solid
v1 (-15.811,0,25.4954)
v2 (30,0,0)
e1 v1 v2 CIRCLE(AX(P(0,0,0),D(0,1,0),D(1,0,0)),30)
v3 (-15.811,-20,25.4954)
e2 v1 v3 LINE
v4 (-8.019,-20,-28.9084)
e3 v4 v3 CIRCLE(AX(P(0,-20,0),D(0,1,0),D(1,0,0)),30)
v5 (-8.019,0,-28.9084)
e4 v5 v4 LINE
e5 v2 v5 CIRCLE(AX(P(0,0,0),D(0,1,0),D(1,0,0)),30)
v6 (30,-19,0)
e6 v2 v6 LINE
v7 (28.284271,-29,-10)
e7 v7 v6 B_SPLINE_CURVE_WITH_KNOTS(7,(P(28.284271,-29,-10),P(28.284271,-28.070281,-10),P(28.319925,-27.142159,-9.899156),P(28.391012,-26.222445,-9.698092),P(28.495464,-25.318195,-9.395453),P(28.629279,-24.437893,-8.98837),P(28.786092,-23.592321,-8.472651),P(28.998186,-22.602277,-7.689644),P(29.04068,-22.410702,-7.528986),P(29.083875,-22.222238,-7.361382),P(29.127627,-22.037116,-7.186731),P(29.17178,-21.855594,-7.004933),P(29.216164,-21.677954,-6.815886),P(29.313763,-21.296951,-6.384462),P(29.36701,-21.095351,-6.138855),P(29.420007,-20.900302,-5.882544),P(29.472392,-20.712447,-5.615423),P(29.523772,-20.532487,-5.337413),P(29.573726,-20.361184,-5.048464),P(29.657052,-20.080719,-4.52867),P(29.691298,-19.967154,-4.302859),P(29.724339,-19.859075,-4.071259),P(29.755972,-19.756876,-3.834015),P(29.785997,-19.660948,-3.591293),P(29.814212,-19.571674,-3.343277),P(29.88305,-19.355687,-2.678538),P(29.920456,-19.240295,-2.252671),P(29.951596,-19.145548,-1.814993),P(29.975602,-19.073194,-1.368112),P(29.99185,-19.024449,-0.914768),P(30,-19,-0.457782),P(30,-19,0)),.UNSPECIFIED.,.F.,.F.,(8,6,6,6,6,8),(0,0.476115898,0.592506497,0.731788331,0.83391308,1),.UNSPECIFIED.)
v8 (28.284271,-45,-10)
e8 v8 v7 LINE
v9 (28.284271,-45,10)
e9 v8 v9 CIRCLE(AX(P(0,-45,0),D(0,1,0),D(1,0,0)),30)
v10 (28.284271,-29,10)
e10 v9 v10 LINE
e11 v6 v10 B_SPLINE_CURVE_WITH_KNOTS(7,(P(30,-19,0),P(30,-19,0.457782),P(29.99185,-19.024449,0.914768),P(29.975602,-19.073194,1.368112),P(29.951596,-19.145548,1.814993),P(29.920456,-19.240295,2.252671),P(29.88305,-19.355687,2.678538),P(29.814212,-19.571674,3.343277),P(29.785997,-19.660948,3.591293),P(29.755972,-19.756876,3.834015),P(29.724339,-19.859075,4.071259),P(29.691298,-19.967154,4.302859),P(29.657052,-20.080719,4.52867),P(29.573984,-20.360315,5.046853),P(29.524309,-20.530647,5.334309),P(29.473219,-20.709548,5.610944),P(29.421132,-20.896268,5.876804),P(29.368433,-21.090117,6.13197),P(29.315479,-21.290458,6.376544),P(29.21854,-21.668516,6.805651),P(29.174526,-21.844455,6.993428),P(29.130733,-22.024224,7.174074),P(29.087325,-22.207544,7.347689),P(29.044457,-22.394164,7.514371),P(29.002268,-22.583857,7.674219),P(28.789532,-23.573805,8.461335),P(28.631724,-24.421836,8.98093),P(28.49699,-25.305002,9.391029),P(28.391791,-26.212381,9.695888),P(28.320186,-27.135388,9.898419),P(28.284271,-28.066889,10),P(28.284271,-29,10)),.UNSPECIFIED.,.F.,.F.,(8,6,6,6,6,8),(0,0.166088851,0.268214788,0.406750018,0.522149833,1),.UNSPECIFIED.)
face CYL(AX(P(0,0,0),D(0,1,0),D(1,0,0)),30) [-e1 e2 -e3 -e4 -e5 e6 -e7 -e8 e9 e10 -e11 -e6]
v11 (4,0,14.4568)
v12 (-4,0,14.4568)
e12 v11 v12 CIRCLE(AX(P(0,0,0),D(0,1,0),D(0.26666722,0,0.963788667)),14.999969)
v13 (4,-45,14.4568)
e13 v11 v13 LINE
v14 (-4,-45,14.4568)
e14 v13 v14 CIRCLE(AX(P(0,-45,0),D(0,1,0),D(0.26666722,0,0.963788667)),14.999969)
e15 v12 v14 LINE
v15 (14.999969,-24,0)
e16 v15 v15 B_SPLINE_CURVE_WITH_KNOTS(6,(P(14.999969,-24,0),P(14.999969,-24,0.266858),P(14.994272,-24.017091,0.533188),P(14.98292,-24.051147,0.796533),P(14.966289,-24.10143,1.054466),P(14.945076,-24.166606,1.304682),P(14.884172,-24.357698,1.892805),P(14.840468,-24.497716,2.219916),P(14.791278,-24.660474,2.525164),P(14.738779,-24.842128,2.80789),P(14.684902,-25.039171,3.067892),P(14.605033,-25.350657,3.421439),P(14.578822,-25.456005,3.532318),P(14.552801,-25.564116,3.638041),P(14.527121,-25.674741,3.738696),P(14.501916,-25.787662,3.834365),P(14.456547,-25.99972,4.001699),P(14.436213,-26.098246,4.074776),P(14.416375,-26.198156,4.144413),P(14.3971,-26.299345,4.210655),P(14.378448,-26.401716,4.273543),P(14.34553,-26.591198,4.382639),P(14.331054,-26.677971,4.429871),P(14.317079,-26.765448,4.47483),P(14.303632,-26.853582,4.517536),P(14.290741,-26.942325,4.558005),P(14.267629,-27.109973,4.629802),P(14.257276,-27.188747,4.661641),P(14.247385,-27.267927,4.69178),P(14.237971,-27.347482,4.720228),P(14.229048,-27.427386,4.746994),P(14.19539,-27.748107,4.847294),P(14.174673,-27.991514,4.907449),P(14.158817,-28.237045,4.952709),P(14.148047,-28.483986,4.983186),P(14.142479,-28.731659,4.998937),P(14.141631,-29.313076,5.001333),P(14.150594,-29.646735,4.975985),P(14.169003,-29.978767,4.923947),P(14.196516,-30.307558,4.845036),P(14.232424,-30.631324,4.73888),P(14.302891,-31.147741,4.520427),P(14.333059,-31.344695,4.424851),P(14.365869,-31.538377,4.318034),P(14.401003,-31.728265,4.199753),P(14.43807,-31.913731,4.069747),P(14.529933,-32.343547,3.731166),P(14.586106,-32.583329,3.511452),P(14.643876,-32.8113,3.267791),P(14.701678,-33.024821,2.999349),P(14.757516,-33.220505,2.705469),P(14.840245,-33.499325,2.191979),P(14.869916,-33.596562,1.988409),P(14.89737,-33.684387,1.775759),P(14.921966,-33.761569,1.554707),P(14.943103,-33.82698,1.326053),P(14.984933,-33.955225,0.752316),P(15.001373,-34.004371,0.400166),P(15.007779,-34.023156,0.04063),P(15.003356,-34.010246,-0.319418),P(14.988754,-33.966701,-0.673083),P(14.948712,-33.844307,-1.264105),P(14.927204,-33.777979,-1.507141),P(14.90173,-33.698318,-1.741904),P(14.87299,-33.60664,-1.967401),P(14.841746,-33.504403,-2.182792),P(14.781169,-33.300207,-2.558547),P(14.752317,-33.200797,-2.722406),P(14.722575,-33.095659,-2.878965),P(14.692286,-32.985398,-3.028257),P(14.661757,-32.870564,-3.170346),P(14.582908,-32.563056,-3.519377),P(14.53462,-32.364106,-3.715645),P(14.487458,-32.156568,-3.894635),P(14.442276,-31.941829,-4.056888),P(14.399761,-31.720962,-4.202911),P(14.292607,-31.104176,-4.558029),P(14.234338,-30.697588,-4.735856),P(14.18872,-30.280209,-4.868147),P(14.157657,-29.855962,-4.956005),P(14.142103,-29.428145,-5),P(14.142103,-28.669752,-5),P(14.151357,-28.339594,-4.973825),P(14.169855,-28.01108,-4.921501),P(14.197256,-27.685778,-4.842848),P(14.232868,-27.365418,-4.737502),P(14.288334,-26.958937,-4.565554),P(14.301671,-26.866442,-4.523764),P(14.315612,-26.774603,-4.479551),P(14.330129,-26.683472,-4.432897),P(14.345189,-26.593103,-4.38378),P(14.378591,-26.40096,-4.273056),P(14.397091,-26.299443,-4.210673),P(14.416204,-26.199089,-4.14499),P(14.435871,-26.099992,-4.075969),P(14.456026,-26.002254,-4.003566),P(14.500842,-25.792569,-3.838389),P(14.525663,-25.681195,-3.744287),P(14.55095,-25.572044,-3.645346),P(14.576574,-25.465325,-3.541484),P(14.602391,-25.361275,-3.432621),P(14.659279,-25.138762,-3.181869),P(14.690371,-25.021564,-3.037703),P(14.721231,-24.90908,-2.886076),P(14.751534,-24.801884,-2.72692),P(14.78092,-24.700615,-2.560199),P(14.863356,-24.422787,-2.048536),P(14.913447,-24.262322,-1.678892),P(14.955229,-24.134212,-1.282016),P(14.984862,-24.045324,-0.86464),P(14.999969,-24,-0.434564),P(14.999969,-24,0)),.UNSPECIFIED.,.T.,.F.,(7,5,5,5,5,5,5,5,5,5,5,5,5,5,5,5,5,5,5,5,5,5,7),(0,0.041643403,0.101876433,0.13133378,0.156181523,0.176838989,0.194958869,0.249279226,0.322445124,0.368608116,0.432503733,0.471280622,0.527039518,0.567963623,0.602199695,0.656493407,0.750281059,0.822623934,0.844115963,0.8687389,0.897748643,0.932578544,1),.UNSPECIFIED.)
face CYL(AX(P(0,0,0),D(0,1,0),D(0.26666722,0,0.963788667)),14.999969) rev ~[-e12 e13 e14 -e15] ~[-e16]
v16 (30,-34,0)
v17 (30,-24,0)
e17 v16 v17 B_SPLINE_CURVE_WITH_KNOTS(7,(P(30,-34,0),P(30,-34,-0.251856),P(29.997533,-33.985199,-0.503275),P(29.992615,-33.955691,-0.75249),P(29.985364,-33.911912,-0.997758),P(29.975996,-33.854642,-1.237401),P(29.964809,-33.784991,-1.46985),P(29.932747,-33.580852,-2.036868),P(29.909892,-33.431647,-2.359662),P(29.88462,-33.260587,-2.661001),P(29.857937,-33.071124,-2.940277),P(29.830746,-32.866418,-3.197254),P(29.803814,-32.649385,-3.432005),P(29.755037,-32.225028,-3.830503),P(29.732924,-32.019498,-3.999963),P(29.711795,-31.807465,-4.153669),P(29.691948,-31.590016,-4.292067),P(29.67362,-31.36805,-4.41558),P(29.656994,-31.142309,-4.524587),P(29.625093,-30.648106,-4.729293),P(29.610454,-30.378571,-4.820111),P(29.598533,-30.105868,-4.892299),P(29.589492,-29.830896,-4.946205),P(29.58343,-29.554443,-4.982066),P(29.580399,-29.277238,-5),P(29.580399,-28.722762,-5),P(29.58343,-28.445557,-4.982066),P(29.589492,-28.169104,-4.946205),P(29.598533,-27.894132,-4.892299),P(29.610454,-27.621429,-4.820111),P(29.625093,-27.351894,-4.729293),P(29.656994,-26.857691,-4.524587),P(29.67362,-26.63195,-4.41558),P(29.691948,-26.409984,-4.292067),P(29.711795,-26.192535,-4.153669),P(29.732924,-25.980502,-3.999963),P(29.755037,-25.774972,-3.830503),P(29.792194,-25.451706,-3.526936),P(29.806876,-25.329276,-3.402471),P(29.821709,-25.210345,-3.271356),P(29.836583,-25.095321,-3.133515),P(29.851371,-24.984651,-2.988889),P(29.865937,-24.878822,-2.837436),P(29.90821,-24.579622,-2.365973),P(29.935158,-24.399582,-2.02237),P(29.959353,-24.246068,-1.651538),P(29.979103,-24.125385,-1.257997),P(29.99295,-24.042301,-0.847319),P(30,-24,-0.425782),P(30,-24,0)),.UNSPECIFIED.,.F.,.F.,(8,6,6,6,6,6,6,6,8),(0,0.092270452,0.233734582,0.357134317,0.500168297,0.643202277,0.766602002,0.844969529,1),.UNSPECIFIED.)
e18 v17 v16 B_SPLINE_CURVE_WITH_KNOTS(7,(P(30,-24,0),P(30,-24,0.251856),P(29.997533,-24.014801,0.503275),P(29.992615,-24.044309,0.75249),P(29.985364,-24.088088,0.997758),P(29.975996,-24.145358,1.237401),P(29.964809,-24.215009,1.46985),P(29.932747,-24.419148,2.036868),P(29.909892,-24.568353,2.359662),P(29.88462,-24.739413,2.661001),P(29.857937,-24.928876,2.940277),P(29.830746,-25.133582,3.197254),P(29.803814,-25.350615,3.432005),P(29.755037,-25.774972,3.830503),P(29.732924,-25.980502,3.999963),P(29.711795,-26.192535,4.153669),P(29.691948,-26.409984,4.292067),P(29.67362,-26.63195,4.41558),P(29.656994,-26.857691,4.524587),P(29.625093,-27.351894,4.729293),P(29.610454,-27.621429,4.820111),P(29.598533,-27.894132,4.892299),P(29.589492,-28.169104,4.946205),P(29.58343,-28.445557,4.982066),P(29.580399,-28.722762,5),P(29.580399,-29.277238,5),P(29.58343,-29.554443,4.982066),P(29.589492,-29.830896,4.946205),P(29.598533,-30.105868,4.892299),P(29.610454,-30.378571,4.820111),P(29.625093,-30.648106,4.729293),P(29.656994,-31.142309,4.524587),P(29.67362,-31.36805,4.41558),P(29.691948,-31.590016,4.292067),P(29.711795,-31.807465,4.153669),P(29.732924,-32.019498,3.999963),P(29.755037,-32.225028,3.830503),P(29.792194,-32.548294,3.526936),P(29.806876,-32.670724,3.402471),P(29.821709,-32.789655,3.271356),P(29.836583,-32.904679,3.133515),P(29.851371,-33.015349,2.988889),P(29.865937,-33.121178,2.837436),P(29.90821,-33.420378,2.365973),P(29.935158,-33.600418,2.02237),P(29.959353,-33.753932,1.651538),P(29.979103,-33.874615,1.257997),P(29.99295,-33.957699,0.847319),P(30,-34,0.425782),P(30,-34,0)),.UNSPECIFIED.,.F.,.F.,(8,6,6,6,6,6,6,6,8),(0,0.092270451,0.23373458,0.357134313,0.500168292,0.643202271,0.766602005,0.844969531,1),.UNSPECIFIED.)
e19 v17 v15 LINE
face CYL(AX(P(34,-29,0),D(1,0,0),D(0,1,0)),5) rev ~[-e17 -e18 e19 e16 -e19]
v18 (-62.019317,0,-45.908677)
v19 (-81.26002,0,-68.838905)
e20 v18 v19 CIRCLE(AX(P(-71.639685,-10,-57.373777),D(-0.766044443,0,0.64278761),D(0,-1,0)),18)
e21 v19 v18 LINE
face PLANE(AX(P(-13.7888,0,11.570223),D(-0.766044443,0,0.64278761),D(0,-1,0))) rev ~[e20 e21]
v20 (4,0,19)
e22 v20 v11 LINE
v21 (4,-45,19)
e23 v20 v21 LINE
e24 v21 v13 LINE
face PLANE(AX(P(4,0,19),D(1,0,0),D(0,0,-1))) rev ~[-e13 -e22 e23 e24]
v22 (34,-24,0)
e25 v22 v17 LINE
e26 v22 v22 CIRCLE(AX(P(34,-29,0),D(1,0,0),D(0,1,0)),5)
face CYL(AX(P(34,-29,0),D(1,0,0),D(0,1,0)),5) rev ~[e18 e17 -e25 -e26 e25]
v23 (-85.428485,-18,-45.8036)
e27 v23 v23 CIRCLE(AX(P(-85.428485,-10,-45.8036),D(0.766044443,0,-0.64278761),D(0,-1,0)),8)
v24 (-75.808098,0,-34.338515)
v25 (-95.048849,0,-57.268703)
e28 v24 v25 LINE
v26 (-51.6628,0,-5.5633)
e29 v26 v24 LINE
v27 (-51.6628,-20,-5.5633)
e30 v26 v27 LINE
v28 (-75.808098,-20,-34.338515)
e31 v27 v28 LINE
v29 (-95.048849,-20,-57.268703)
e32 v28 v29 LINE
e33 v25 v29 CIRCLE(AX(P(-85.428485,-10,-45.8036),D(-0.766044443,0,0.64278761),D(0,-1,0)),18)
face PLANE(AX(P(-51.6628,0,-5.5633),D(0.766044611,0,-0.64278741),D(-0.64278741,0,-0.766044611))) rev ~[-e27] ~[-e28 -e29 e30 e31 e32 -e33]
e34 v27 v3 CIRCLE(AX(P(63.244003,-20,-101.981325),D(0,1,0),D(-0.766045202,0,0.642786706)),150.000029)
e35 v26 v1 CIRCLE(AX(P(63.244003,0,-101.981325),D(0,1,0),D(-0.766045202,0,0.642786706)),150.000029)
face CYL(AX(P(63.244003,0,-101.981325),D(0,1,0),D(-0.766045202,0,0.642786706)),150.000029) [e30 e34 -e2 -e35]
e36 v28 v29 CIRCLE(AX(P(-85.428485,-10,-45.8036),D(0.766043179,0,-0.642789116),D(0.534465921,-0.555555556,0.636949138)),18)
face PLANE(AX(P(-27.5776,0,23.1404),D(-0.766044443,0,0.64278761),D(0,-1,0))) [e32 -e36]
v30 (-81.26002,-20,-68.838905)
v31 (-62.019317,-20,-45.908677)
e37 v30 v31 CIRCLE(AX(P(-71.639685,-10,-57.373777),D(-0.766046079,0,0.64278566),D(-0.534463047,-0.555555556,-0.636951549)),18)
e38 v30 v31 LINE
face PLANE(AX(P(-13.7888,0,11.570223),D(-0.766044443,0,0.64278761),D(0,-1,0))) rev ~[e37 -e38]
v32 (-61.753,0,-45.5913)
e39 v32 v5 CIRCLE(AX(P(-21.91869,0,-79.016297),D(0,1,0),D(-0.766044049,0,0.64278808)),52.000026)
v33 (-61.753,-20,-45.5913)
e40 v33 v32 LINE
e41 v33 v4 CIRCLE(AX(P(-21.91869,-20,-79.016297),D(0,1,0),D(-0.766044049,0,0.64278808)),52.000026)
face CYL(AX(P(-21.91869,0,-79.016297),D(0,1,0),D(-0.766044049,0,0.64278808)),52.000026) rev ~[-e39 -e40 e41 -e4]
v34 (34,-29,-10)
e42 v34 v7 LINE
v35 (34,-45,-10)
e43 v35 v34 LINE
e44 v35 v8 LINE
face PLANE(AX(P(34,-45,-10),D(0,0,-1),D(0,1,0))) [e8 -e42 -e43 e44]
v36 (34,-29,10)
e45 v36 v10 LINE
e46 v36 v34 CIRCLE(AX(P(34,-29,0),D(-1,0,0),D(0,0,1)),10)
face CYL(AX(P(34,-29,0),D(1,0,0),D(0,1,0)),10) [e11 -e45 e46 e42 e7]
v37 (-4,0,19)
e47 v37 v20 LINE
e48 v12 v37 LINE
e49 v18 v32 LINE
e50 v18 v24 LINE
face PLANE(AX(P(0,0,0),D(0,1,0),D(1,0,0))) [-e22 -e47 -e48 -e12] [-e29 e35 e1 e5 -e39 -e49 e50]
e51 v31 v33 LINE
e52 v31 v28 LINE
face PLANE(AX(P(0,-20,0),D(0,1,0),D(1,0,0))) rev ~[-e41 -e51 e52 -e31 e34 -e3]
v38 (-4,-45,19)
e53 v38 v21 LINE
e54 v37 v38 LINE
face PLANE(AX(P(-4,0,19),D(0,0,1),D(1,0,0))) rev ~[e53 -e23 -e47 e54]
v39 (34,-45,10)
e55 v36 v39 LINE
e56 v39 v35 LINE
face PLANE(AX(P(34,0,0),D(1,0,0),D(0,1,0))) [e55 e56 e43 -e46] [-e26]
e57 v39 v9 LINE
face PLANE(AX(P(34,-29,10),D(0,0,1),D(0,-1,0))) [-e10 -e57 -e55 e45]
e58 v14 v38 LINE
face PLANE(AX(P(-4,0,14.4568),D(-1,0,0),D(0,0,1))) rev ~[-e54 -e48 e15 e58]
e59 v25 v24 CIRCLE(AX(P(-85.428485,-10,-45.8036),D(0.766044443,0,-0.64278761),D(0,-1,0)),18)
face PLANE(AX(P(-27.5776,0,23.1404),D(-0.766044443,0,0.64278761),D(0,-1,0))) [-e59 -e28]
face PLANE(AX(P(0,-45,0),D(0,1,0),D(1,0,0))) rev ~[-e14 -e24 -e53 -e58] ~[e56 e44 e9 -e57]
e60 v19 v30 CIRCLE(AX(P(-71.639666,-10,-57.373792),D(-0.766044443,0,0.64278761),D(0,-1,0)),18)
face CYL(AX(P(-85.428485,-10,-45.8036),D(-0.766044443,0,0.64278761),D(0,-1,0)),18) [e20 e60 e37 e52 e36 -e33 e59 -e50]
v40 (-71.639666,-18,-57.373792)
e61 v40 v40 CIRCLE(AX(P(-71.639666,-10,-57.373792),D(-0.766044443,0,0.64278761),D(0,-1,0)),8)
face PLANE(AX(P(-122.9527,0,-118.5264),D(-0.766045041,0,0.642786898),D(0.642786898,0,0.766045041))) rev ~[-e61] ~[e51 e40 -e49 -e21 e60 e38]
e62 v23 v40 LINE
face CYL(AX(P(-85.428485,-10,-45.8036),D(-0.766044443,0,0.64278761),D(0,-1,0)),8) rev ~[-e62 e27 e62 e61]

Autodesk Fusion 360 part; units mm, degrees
sketch "草图1" plane through (0, 0, 0) normal (0, 1, 0) x (1, 0, 0)
  circle A0 centre (0, 0) radius 30
  arc A1 (-51.6628, 5.5633) -> (-15.811, -25.4954) centre (63.2438, 101.9815) ccw
  arc A2 (-61.753, 45.5913) -> (-8.019, 28.9084) centre (-21.9187, 79.0163) ccw
  line L0 (-51.6628, 5.5633) -> (-136.7415, 106.9562)
  line L1 (-136.7415, 106.9562) -> (-122.9527, 118.5264)
  line L2 (-122.9527, 118.5264) -> (-61.753, 45.5913)
  line L3 (0, -75) -> (0, 85) construction
  line L4 (-4, -14.4568) -> (-4, -19)
  line L5 (-4, -19) -> (4, -19)
  line L6 (4, -19) -> (4, -14.4568)
  arc A3 (4, -14.4568) -> (-4, -14.4568) centre (0, 0) ccw
  line L7 (-150, 0) -> (60, 0) construction
  dimension "d1" = 30
  dimension "d2" = 60
  dimension "d3" = 8
  dimension "d4" = 19
  dimension "d5" = 18
  dimension "d6" = 130
  dimension "d7" = 52
  dimension "d8" = 150
  dimension "d9" = 36
extrude "拉伸1" add sketch "草图1" against normal blind 45 contours A0
extrude "拉伸2" add sketch "草图1" against normal blind 20 contours A0 A1 A2 L0 L1 L2
sketch "草图2" plane through (-27.5776, 0, 23.1404) normal (-0.766, 0, 0.6428) x (0, -1, 0)
  line L0 (0, -37.47) -> (0, -169.829)
  line L1 (0, -169.829) -> (20, -169.829)
  line L2 (20, -169.829) -> (20, -37.47)
  line L3 (20, -37.47) -> (0, -37.47)
  circle A0 centre (10, -90) radius 18
  circle A1 centre (10, -90) radius 8
  line L4 (0, -90) -> (20, -90)
  line L5 (0, -90) -> (-8, -90)
  line L6 (20, -90) -> (28, -90)
  dimension "d14" = 16
  dimension "d15" = 36
  dimension "d16" = 90
  dimension "d17" = 10
extrude "拉伸3" cut sketch "草图2" against normal blind 35 contours L0 L1 L2 A0
extrude "拉伸4" add sketch "草图2" against normal blind 18 contours L0 L2 A0 A1 L4 | L0 A0 L5 | L0 L2 A0 A1 L4 | L0 A0 L5 | L2 A0 L6 | L2 A0 L6
extrude "拉伸5" cut sketch "草图2" against normal blind 25 contours A1 L4 | A1 L4
ref_plane "工作平面1" through (34, 0, 0) normal (1, 0, 0) x (0, 1, 0)
sketch "草图3" plane through (34, 0, 0) normal (1, 0, 0) x (0, 1, 0)
  circle A0 centre (-29, 0) radius 5
  circle A1 centre (-29, 0) radius 10
  line L0 (-29, 10) -> (-45, 10)
  line L1 (-45, 10) -> (-45, -10)
  line L2 (-45, -10) -> (-29, -10)
  line L3 (-100, 0) -> (30, 0) construction
  dimension "d25" = 10
  dimension "d26" = 20
  dimension "d27" = 16
  dimension "d28" = 45
extrude "拉伸6" add sketch "草图3" against normal blind 10
extrude "拉伸7" cut sketch "草图3" against normal blind 25 contours A0
